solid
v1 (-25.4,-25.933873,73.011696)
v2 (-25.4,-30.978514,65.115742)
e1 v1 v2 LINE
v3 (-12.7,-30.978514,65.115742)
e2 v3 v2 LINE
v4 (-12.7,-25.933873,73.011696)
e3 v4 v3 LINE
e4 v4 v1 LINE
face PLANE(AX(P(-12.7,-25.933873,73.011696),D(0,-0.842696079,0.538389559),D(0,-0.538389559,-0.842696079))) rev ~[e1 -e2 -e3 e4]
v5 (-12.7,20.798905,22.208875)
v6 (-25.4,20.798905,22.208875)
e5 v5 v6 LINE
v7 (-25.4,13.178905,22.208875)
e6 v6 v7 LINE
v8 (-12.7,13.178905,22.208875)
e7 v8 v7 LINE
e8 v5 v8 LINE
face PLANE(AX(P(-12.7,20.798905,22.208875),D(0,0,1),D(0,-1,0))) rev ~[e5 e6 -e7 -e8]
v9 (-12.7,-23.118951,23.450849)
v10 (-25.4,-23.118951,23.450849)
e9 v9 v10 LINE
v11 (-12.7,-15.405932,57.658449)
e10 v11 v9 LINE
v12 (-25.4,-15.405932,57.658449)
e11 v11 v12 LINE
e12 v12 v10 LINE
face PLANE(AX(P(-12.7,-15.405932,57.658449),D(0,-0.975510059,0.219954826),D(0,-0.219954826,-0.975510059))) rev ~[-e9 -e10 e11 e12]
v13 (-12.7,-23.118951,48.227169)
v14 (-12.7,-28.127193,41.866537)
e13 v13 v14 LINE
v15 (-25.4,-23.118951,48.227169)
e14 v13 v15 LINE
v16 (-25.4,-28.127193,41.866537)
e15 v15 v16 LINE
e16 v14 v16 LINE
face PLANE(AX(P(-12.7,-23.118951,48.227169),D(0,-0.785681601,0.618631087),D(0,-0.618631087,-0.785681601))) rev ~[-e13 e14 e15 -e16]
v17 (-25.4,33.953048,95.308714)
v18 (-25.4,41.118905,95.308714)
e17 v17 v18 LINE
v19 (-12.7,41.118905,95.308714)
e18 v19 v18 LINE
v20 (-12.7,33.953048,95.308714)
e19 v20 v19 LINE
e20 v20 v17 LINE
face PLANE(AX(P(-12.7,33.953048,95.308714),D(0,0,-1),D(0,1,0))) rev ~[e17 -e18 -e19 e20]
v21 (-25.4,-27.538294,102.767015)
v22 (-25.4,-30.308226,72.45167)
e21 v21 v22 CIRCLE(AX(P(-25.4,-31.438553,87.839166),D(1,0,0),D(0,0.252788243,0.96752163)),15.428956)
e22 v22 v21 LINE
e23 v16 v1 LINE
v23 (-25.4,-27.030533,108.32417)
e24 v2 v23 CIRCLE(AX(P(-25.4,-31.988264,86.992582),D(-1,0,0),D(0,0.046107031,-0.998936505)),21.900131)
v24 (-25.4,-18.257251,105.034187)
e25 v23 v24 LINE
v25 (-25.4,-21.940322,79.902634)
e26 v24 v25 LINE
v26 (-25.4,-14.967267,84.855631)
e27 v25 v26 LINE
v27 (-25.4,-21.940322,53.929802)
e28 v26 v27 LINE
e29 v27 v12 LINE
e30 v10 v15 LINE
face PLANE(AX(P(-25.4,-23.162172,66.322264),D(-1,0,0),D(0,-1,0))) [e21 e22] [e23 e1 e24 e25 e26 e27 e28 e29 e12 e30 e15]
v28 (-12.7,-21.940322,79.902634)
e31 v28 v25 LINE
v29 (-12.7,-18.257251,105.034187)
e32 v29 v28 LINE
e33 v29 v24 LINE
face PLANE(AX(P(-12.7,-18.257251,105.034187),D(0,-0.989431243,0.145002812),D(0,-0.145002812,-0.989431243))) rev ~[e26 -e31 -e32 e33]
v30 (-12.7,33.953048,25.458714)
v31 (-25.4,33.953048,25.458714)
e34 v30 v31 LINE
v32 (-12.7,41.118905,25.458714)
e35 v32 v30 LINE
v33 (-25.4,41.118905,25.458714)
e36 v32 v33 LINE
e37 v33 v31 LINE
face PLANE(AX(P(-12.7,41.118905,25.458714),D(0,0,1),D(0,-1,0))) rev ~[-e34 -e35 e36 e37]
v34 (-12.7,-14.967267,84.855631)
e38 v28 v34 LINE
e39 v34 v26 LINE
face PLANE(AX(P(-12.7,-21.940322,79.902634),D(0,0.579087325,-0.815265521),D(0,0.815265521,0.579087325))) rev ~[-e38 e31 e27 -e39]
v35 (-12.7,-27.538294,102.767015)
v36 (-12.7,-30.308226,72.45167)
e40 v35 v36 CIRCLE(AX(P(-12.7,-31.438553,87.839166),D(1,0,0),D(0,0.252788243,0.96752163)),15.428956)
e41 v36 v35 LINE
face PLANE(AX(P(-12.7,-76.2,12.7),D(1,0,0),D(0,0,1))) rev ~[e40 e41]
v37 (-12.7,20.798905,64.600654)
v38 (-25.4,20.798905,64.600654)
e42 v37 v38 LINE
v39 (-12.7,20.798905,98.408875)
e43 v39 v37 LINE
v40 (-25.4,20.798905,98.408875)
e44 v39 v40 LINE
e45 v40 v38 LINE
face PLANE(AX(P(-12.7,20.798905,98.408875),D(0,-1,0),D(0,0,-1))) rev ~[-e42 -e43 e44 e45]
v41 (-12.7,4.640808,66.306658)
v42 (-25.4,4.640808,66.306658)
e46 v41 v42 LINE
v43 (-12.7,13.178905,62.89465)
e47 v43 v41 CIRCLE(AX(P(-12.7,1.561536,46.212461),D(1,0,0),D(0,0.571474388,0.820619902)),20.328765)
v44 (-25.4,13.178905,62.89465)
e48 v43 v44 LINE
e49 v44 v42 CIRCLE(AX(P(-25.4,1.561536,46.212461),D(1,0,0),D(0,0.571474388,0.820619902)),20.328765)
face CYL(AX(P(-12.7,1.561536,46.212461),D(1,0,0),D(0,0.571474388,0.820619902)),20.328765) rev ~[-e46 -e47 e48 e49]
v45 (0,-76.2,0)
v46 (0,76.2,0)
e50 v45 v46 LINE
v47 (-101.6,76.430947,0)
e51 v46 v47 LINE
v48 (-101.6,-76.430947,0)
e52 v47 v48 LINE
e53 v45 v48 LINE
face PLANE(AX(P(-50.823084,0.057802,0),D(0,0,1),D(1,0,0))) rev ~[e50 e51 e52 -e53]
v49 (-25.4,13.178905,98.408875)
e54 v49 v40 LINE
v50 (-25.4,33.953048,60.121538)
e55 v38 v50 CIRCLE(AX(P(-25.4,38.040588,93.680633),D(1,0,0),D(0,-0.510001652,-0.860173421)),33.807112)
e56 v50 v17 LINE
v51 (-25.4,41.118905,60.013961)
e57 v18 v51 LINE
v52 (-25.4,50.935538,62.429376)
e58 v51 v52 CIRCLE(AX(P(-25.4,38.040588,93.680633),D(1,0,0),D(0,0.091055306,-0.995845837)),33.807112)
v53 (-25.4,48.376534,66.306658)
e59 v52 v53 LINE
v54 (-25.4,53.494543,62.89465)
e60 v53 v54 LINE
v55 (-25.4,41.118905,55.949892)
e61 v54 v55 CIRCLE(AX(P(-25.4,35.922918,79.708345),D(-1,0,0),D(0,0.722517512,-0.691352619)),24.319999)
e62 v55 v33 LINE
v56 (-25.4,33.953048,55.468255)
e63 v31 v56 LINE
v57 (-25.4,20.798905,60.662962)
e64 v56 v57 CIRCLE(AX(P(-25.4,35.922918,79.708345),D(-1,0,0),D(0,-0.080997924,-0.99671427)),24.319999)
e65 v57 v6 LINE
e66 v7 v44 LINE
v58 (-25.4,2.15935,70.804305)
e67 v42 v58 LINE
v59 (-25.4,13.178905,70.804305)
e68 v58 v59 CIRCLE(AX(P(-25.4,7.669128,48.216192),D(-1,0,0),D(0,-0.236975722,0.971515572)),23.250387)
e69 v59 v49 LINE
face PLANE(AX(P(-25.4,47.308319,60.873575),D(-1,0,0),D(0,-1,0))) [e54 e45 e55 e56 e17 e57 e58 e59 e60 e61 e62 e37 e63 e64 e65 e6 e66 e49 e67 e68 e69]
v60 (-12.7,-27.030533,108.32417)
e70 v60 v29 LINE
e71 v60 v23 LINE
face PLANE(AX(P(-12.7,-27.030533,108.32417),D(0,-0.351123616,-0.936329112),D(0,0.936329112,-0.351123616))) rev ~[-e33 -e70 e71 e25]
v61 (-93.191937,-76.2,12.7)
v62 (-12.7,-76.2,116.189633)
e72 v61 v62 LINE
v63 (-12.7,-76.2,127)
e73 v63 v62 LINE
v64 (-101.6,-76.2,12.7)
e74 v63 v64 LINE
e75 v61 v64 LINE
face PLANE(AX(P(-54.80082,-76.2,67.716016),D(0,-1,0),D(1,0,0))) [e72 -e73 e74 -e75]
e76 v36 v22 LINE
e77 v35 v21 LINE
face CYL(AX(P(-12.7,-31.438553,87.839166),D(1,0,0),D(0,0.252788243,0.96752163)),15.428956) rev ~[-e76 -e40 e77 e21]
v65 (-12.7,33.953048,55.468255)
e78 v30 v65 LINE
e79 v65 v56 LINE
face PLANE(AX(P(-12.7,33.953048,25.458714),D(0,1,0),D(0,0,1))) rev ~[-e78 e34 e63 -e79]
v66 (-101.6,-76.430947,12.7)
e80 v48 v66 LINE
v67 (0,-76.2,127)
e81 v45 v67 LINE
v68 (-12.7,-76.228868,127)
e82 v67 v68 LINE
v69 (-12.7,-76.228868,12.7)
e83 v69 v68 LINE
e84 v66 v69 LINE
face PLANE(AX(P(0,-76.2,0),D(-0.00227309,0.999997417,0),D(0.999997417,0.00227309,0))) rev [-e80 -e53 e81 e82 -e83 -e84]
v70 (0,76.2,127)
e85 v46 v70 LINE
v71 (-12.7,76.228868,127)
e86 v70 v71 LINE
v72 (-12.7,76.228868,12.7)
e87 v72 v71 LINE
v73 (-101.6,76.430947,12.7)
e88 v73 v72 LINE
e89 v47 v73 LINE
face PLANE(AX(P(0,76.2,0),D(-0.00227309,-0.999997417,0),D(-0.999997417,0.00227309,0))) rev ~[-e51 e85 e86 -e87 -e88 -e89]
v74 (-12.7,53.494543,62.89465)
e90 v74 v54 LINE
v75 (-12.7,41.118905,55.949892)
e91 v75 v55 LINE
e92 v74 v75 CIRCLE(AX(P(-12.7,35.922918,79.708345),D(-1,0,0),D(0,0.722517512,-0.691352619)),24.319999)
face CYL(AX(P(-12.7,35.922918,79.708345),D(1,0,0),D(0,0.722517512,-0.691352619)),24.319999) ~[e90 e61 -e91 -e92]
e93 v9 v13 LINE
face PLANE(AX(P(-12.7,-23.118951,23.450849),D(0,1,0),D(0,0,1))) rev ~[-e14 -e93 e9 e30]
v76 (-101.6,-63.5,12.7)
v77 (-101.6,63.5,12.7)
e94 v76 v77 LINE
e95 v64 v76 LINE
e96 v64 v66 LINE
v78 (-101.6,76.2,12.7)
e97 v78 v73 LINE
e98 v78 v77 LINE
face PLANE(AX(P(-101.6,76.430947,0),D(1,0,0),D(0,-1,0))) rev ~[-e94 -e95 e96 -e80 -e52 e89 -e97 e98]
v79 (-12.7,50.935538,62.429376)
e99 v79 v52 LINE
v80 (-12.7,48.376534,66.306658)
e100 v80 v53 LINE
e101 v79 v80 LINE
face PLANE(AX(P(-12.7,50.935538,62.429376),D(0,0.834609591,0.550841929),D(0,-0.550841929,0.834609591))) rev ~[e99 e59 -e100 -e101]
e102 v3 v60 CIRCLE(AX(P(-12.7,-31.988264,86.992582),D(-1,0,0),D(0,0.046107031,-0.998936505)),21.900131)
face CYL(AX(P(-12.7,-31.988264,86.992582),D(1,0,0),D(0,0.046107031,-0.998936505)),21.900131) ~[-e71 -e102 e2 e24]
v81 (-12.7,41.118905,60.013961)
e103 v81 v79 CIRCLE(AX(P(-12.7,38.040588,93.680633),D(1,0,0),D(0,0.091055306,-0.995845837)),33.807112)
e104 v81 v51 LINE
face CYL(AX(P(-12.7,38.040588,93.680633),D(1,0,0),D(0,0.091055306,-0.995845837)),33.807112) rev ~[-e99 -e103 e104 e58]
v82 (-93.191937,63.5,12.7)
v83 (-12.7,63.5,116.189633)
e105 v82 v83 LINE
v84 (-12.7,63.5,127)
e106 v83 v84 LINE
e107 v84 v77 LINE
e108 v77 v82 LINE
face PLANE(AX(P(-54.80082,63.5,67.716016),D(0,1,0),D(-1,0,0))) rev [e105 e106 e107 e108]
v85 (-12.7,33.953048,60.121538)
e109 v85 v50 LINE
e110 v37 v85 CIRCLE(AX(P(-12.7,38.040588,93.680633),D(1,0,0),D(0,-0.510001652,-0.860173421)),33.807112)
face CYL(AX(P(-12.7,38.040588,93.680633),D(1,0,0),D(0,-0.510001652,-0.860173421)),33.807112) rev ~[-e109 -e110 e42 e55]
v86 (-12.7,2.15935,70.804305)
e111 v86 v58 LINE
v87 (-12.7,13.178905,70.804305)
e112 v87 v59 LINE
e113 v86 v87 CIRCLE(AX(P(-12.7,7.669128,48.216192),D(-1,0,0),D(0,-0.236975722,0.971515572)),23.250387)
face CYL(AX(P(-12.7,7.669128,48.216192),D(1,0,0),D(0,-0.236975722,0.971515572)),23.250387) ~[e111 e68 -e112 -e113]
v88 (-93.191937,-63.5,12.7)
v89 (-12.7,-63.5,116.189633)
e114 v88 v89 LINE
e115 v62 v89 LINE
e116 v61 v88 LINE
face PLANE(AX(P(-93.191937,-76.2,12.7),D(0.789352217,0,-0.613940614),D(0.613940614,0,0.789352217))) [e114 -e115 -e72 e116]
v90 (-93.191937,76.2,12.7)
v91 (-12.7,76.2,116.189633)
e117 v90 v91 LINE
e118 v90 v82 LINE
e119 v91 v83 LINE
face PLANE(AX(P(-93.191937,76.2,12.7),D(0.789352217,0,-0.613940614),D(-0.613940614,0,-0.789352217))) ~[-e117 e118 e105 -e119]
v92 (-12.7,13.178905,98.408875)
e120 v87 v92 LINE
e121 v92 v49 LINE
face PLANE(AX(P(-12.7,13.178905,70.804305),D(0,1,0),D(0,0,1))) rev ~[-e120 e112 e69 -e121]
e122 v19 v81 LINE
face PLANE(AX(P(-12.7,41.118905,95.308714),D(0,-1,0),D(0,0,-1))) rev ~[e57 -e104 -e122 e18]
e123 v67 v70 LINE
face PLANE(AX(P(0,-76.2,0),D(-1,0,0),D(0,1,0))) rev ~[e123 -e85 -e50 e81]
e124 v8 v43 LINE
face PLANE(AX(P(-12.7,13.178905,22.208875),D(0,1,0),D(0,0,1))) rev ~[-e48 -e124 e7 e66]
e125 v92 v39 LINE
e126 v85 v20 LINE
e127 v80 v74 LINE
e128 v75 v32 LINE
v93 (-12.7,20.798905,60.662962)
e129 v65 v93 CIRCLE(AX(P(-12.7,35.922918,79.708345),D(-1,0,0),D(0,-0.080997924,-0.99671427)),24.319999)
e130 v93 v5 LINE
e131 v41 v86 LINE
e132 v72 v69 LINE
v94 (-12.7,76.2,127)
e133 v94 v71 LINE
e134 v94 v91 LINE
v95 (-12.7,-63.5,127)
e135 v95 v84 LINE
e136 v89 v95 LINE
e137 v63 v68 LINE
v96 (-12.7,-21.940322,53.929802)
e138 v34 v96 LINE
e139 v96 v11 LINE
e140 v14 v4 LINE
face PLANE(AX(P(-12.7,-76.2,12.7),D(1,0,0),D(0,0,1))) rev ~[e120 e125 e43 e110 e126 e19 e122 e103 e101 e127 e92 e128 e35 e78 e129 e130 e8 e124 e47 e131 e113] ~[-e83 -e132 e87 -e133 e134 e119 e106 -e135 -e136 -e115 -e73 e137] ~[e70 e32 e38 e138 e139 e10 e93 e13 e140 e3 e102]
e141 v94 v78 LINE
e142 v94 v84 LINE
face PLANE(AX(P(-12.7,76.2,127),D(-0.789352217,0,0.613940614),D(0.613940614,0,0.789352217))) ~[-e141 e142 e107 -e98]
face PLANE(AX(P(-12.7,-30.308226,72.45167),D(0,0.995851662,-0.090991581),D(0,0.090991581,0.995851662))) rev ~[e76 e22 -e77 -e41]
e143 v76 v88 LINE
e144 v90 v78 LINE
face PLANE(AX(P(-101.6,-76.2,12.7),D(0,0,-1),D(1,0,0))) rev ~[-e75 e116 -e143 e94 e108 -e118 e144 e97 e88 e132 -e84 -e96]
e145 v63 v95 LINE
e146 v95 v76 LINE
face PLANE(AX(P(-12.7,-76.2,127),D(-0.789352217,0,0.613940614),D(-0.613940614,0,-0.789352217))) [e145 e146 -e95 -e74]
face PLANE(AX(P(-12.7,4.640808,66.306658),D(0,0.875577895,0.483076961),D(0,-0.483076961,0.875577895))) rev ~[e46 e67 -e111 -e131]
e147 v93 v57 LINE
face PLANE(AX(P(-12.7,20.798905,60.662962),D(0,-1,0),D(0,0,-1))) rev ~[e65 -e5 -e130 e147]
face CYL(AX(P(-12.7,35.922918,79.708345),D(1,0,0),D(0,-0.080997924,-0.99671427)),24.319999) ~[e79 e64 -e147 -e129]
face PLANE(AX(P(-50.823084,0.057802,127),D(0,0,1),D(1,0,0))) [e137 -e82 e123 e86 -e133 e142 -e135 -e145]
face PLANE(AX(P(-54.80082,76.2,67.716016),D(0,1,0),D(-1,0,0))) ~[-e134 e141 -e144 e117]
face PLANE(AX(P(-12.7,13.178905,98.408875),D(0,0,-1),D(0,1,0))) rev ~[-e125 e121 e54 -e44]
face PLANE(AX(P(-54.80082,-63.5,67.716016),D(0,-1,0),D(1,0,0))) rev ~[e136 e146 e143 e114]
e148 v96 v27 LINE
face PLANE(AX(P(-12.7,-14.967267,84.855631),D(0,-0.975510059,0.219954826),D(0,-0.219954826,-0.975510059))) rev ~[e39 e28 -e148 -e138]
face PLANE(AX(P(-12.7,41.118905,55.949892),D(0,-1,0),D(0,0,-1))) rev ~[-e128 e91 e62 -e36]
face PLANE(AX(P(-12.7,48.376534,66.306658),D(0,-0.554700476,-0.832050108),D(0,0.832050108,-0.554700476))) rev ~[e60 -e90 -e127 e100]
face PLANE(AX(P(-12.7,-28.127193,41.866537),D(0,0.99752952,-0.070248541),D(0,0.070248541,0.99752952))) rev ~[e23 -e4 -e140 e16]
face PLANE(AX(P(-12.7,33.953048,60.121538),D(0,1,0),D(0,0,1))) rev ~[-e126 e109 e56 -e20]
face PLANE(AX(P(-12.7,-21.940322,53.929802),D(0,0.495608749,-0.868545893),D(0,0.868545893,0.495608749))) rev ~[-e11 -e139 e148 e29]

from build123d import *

# Parameters (mm, degrees)
F1_DEPTH  = 127
F2_W      = 88.9
F2_H      = 114.3
F3_DEPTH  = 152.6319465885
F5_DEPTH  = 12.7
F9_DEPTH  = 12.7
F10_DEPTH = 12.7


with BuildPart() as f1:
    # F0 (on Top) → F1 (new body)
    with BuildSketch(Plane.XY):
        Polygon((0, -76.2), (0, 0), (0, 76.2), (-101.6, 76.4309465885), (-101.6, -76.2), align=None)
    extrude(amount=F1_DEPTH)

    # F2 (on face) → F3 (cut, through all)
    with BuildSketch(Plane.XZ.offset(76.2)):
        with Locations((-57.15, 69.85)):
            Rectangle(F2_W, F2_H)
    extrude(amount=-F3_DEPTH, mode=Mode.SUBTRACT)

    # F4 (on face) → F5 (join)
    with BuildSketch(Plane.XZ.offset(76.2)):
        Polygon((-12.7, 127), (-101.6, 12.7), (-93.1919366121, 12.7), (-12.7, 116.189632787), align=None)
    extrude(amount=-F5_DEPTH)

    # F6: F1 across plane


with BuildPart() as f1_1:
    add(f1.part)
    add(f1.part.mirror(Plane.XZ))

    # F8 (on face) → F9 (join)
    with BuildSketch(Plane(origin=(-12.7, 0, 0), x_dir=(0, -1, 0), z_dir=(-1, 0, 0))):
        Polygon((27.0305331796, 108.3241701126), (18.2572510093, 105.0341874361), (21.9403224368, 79.9026338657), (14.9672674015, 84.8556309938), (21.9403224368, 53.9298020303), (15.4059324414, 57.6584488153), (23.1189505014, 23.4508488309), (23.1189505014, 48.2271686196), (28.1271934509, 41.8665371835), (25.9338729084, 73.0116963387), (30.9785138816, 65.1157423854), (30.3082256371, 72.4516701299), (27.5382939124, 102.7670145489), align=None)
        with BuildLine():
            ThreePointArc((30.9785138816, 65.1157423854), (53.7975454705, 88.9853099615), (27.0305331796, 108.3241701126))
            Line((27.0305331796, 108.3241701126), (27.5382939124, 102.7670145489))
            ThreePointArc((27.5382939124, 102.7670145489), (46.803503681, 89.2430712576), (30.3082256371, 72.4516701299))
            Line((30.3082256371, 72.4516701299), (30.9785138816, 65.1157423854))
        make_face()
    extrude(amount=F9_DEPTH)

    # F7 (on face) → F10 (join)
    with BuildSketch(Plane(origin=(-12.7, 0, 0), x_dir=(0, -1, 0), z_dir=(-1, 0, 0))):
        with BuildLine():
            Line((-41.1189049482, 55.9498922817), (-41.1189049482, 60.0139613671))
            ThreePointArc((-41.1189049482, 60.0139613671), (-46.1180179766, 60.8526580466), (-50.9355384856, 62.4293759465))
            Line((-50.9355384856, 62.4293759465), (-48.3765341341, 66.3066580892))
            Line((-48.3765341341, 66.3066580892), (-53.4945428371, 62.8946498036))
            ThreePointArc((-53.4945428371, 62.8946498036), (-47.8245334602, 58.4995284296), (-41.1189049482, 55.9498922817))
        make_face()
        with BuildLine():
            Line((-33.9530482888, 95.3087136149), (-41.1189049482, 95.3087136149))
            Line((-41.1189049482, 95.3087136149), (-41.1189049482, 60.0139613671))
            ThreePointArc((-41.1189049482, 60.0139613671), (-37.5331179531, 59.8773300828), (-33.9530482888, 60.1215383586))
            Line((-33.9530482888, 60.1215383586), (-33.9530482888, 60.6629624963))
            Line((-33.9530482888, 60.6629624963), (-33.9530482888, 95.3087136149))
        make_face()
        with BuildLine():
            ThreePointArc((-33.9530482888, 55.4682547852), (-37.5538538559, 55.4430939924), (-41.1189049482, 55.9498922817))
            Line((-41.1189049482, 55.9498922817), (-41.1189049482, 25.4587136149))
            Line((-41.1189049482, 25.4587136149), (-33.9530482888, 25.4587136149))
            Line((-33.9530482888, 25.4587136149), (-33.9530482888, 55.4682547852))
        make_face()
        with BuildLine():
            ThreePointArc((-33.9530482888, 60.1215383586), (-37.5331179531, 59.8773300828), (-41.1189049482, 60.0139613671))
            Line((-41.1189049482, 60.0139613671), (-41.1189049482, 55.9498922817))
            ThreePointArc((-41.1189049482, 55.9498922817), (-37.5538538559, 55.4430939924), (-33.9530482888, 55.4682547852))
            Line((-33.9530482888, 55.4682547852), (-33.9530482888, 60.1215383586))
        make_face()
        with BuildLine():
            ThreePointArc((-20.7989049482, 64.6006539464), (-27.1433610579, 61.6779571784), (-33.9530482888, 60.1215383586))
            Line((-33.9530482888, 60.1215383586), (-33.9530482888, 55.4682547852))
            ThreePointArc((-33.9530482888, 55.4682547852), (-26.9900318901, 57.0883116374), (-20.7989049482, 60.6629624963))
            Line((-20.7989049482, 60.6629624963), (-20.7989049482, 64.6006539464))
        make_face()
        Polygon((-20.7989049482, 98.4088753533), (-20.7989049482, 64.6006539464), (-20.7989049482, 60.6629624963), (-20.7989049482, 22.2088753533), (-13.1789049482, 22.2088753533), (-13.1789049482, 62.8946498036), (-13.1789049482, 70.8043053746), (-13.1789049482, 98.4088753533), align=None)
        with BuildLine():
            ThreePointArc((-2.1593503188, 70.8043053746), (-7.6691276335, 71.4665793512), (-13.1789049482, 70.8043053746))
            Line((-13.1789049482, 70.8043053746), (-13.1789049482, 62.8946498036))
            ThreePointArc((-13.1789049482, 62.8946498036), (-9.105292791, 65.0897069065), (-4.640808329, 66.3066580892))
            Line((-4.640808329, 66.3066580892), (-2.1593503188, 70.8043053746))
        make_face()
    extrude(amount=F10_DEPTH)


solid = f1_1.part
